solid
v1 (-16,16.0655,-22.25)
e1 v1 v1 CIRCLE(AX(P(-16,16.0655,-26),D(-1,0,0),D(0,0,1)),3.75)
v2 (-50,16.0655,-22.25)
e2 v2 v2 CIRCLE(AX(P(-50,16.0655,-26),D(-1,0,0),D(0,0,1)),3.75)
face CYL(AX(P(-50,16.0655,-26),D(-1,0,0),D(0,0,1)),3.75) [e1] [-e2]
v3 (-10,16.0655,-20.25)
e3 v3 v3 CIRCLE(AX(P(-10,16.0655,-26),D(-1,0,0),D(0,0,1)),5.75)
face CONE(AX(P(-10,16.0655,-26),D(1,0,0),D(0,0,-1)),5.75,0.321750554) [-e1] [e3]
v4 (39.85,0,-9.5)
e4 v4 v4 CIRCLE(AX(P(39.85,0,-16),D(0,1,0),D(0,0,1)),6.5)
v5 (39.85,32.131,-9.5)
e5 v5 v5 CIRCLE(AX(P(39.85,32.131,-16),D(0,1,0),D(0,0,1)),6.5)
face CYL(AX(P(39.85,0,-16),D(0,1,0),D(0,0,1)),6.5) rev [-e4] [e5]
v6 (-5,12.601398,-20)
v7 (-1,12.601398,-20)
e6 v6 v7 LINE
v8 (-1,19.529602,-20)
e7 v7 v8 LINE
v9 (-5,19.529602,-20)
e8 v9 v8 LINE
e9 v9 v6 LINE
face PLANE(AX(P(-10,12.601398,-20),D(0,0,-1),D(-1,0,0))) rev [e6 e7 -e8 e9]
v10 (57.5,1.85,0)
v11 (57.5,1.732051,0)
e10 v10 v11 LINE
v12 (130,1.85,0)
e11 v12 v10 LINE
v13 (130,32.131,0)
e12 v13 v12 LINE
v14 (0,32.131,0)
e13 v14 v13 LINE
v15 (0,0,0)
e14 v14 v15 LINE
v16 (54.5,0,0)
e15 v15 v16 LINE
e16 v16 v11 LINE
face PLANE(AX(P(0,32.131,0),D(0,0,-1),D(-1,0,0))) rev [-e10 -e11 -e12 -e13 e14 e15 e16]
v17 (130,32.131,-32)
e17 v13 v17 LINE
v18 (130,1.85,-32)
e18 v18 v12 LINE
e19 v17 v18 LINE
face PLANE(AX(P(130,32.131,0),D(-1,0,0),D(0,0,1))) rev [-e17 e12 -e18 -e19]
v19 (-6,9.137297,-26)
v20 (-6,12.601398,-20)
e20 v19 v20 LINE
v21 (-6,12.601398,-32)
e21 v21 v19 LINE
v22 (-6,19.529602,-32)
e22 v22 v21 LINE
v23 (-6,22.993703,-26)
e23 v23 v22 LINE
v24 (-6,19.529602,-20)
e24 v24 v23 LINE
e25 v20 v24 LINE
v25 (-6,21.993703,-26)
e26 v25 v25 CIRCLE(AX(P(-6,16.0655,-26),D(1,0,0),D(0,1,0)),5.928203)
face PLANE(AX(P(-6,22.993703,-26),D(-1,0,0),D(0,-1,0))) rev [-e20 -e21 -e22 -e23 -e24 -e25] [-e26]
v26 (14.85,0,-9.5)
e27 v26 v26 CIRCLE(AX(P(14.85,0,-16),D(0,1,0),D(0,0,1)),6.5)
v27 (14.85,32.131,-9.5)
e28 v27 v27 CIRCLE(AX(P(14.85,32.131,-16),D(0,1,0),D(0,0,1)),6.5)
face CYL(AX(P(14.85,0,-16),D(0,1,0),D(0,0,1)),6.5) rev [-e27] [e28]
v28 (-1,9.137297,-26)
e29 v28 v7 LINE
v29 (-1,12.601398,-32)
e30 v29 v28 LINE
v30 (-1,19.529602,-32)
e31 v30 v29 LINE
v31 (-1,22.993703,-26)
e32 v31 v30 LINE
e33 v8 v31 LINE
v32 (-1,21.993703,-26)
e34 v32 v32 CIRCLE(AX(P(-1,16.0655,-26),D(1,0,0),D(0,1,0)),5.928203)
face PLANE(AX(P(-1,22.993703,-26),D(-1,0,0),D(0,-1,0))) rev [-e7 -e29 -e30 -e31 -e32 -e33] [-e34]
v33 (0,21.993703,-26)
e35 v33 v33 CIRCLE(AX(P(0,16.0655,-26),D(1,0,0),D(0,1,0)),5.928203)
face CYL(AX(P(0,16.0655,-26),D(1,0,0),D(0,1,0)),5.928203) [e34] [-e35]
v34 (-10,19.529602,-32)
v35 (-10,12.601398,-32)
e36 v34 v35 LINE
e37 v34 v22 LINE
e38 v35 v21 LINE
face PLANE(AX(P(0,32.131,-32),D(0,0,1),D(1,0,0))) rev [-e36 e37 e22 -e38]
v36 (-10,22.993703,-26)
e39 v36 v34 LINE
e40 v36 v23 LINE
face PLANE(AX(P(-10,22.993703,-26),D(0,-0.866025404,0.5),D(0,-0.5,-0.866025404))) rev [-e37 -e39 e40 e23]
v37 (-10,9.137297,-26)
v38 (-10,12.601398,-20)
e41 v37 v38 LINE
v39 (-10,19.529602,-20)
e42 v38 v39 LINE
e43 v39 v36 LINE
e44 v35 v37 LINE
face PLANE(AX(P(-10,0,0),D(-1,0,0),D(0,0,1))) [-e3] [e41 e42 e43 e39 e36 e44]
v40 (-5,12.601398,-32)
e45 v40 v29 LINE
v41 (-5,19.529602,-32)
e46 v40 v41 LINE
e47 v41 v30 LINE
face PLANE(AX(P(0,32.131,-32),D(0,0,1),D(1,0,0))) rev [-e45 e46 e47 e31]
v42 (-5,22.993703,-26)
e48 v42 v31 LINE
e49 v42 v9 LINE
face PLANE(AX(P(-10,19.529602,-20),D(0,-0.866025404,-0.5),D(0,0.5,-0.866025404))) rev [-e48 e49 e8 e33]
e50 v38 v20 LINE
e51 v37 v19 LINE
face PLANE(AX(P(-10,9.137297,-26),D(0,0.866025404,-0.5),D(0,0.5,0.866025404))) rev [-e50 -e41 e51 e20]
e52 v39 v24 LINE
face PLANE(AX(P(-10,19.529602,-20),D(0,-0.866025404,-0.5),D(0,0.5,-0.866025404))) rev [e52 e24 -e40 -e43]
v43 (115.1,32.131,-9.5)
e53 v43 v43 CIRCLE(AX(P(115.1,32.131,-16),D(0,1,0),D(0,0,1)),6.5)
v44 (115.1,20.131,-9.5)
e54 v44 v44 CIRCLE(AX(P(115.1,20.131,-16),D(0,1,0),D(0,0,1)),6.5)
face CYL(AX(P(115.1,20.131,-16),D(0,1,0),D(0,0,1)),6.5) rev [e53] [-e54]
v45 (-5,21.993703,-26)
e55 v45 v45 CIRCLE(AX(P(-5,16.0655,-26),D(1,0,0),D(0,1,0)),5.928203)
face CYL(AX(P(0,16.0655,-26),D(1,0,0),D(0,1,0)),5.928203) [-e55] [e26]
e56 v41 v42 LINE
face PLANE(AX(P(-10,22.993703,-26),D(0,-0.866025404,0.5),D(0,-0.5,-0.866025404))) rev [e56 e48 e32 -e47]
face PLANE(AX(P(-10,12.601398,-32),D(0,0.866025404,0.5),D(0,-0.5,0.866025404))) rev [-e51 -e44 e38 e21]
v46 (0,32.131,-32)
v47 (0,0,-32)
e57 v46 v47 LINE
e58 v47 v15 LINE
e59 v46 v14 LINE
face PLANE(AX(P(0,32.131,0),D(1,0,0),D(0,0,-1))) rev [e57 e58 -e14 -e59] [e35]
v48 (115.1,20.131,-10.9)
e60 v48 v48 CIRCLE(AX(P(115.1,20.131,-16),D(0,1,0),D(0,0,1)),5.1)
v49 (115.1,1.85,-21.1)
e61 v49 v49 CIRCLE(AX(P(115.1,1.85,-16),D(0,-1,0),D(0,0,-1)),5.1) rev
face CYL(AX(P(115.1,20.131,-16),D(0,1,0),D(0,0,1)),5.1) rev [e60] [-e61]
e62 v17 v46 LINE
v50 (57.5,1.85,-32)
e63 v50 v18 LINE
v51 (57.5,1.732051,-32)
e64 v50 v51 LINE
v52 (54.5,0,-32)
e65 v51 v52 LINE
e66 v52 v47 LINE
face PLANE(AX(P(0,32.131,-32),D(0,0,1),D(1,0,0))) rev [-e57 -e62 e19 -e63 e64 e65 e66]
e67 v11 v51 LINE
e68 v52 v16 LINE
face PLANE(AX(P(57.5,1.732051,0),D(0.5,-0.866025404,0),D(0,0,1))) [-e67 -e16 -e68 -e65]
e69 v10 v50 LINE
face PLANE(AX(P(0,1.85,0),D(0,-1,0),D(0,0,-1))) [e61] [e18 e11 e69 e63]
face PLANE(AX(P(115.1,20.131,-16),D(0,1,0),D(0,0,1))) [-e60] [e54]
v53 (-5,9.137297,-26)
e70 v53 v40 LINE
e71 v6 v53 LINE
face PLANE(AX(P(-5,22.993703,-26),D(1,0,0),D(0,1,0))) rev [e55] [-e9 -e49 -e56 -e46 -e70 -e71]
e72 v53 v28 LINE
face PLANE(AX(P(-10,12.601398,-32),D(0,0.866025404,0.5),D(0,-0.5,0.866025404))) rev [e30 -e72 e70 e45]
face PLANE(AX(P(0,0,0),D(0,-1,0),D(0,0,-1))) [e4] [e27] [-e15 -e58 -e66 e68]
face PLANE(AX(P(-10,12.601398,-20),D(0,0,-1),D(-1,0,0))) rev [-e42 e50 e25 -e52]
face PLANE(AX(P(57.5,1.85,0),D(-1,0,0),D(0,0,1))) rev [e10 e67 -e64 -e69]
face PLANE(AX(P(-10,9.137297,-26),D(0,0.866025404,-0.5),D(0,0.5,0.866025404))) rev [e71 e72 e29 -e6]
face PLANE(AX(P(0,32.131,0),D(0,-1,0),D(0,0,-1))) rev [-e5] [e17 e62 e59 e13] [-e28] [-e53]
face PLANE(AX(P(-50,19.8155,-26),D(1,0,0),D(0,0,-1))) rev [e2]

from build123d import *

# Parameters (mm, degrees)
SKETCH1_W                     = 130
SKETCH1_H                     = 32
BOSS_EXTRUDE1_DEPTH           = 32.131
SKETCH2_R                     = 6.5
CUT_EXTRUDE1_DEPTH            = 138.68224708
SKETCH3_R                     = 6.5
CUT_EXTRUDE2_DEPTH            = 12
TAP_DRILL_FOR_M12X1_75_TAP1_D = 10.2
CUT_EXTRUDE3_START            = -32.131
SKETCH10_W                    = 72.5
SKETCH10_H                    = 32
CUT_EXTRUDE3_DEPTH            = 1.85
CHAMFER1_SIZE                 = 3
CHAMFER1_SIZE2                = 1.732050808
BOSS_EXTRUDE2_DEPTH           = 10
SKETCH13_W                    = 1
SKETCH13_H                    = 1


with BuildPart() as part:
    # Sketch1 → Boss-Extrude1 (new body)
    with BuildSketch(Plane(origin=(0, 0, 0), x_dir=(1, 0, 0), z_dir=(0, 1, 0))):
        with Locations((65, 16)):
            Rectangle(SKETCH1_W, SKETCH1_H)
    extrude(amount=BOSS_EXTRUDE1_DEPTH)

    # Sketch2 → Cut-Extrude1 (cut, through all)
    with BuildSketch(Plane(origin=(0, 32.131, 0), x_dir=(1, 0, 0), z_dir=(0, 1, 0))):
        with Locations(Location((14.85, 16, 0), (0, 0, 270))):
            Circle(SKETCH2_R)
        with Locations(Location((39.85, 16, 0), (0, 0, 270))):
            Circle(SKETCH2_R)
    extrude(amount=-CUT_EXTRUDE1_DEPTH, mode=Mode.SUBTRACT)

    # Sketch3 → Cut-Extrude2 (cut)
    with BuildSketch(Plane(origin=(0, 32.131, 0), x_dir=(1, 0, 0), z_dir=(0, 1, 0))):
        with Locations(Location((115.1, 16, 0), (0, 0, 270))):
            Circle(SKETCH3_R)
    extrude(amount=-CUT_EXTRUDE2_DEPTH, mode=Mode.SUBTRACT)

    # Tap Drill for M12x1.75 Tap1 (through all)
    with Locations(Plane(origin=(0, 20.131, 0), x_dir=(1, 0, 0), z_dir=(0, 1, 0))):
        with Locations((115.1, 16)):
            Hole(TAP_DRILL_FOR_M12X1_75_TAP1_D / 2)

    # Sketch10 → Cut-Extrude3 (cut)
    with BuildSketch(Plane(origin=(0, 32.131, 0), x_dir=(1, 0, 0), z_dir=(0, 1, 0)).offset(CUT_EXTRUDE3_START)):
        with Locations((93.75, 16)):
            Rectangle(SKETCH10_W, SKETCH10_H)
    extrude(amount=CUT_EXTRUDE3_DEPTH, mode=Mode.SUBTRACT)

    # Chamfer1
    chamfer1_edges = [part.edges().sort_by_distance(p)[0] for p in [
        (57.5, 0, -16),
    ]]
    chamfer1_side = [part.faces().sort_by_distance(p)[0] for p in [
        (28.986038139, 0, -16),
    ]]
    chamfer(chamfer1_edges, length=CHAMFER1_SIZE, length2=CHAMFER1_SIZE2, reference=chamfer1_side[0])

    # Sketch12 → Boss-Extrude2 (add)
    with BuildSketch(Plane.ZY):
        Polygon((-20, 12.601398385), (-20, 19.529601615), (-26, 22.99370323), (-32, 19.529601615), (-32, 12.601398385), (-26, 9.13729677), align=None)
    extrude(amount=BOSS_EXTRUDE2_DEPTH)

    # Sketch13 → Cut-Revolve1 (revolve, cut)
    with BuildSketch(Plane.XY.offset(-26)):
        with Locations((-0.5, 22.49370323)):
            Rectangle(SKETCH13_W, SKETCH13_H)
        with Locations((-5.5, 22.49370323)):
            Rectangle(SKETCH13_W, SKETCH13_H)
    revolve(axis=Axis((0, 16.0655, -26), (-1, 0, 0)), mode=Mode.SUBTRACT)

    # Sketch14 → Revolve2 (revolve)
    with BuildSketch(Plane.XY.offset(-26), mode=Mode.PRIVATE) as revolve2_sk:
        Polygon((-10, 21.8155), (-16, 19.8155), (-50, 19.8155), (-50, 16.0655), (-10, 16.0655), align=None)
    revolve(revolve2_sk.sketch.rotate(Axis((-50, 16.0655, -26), (1, 0, 0)), 90), axis=Axis((-50, 16.0655, -26), (1, 0, 0)))


solid = part.part
